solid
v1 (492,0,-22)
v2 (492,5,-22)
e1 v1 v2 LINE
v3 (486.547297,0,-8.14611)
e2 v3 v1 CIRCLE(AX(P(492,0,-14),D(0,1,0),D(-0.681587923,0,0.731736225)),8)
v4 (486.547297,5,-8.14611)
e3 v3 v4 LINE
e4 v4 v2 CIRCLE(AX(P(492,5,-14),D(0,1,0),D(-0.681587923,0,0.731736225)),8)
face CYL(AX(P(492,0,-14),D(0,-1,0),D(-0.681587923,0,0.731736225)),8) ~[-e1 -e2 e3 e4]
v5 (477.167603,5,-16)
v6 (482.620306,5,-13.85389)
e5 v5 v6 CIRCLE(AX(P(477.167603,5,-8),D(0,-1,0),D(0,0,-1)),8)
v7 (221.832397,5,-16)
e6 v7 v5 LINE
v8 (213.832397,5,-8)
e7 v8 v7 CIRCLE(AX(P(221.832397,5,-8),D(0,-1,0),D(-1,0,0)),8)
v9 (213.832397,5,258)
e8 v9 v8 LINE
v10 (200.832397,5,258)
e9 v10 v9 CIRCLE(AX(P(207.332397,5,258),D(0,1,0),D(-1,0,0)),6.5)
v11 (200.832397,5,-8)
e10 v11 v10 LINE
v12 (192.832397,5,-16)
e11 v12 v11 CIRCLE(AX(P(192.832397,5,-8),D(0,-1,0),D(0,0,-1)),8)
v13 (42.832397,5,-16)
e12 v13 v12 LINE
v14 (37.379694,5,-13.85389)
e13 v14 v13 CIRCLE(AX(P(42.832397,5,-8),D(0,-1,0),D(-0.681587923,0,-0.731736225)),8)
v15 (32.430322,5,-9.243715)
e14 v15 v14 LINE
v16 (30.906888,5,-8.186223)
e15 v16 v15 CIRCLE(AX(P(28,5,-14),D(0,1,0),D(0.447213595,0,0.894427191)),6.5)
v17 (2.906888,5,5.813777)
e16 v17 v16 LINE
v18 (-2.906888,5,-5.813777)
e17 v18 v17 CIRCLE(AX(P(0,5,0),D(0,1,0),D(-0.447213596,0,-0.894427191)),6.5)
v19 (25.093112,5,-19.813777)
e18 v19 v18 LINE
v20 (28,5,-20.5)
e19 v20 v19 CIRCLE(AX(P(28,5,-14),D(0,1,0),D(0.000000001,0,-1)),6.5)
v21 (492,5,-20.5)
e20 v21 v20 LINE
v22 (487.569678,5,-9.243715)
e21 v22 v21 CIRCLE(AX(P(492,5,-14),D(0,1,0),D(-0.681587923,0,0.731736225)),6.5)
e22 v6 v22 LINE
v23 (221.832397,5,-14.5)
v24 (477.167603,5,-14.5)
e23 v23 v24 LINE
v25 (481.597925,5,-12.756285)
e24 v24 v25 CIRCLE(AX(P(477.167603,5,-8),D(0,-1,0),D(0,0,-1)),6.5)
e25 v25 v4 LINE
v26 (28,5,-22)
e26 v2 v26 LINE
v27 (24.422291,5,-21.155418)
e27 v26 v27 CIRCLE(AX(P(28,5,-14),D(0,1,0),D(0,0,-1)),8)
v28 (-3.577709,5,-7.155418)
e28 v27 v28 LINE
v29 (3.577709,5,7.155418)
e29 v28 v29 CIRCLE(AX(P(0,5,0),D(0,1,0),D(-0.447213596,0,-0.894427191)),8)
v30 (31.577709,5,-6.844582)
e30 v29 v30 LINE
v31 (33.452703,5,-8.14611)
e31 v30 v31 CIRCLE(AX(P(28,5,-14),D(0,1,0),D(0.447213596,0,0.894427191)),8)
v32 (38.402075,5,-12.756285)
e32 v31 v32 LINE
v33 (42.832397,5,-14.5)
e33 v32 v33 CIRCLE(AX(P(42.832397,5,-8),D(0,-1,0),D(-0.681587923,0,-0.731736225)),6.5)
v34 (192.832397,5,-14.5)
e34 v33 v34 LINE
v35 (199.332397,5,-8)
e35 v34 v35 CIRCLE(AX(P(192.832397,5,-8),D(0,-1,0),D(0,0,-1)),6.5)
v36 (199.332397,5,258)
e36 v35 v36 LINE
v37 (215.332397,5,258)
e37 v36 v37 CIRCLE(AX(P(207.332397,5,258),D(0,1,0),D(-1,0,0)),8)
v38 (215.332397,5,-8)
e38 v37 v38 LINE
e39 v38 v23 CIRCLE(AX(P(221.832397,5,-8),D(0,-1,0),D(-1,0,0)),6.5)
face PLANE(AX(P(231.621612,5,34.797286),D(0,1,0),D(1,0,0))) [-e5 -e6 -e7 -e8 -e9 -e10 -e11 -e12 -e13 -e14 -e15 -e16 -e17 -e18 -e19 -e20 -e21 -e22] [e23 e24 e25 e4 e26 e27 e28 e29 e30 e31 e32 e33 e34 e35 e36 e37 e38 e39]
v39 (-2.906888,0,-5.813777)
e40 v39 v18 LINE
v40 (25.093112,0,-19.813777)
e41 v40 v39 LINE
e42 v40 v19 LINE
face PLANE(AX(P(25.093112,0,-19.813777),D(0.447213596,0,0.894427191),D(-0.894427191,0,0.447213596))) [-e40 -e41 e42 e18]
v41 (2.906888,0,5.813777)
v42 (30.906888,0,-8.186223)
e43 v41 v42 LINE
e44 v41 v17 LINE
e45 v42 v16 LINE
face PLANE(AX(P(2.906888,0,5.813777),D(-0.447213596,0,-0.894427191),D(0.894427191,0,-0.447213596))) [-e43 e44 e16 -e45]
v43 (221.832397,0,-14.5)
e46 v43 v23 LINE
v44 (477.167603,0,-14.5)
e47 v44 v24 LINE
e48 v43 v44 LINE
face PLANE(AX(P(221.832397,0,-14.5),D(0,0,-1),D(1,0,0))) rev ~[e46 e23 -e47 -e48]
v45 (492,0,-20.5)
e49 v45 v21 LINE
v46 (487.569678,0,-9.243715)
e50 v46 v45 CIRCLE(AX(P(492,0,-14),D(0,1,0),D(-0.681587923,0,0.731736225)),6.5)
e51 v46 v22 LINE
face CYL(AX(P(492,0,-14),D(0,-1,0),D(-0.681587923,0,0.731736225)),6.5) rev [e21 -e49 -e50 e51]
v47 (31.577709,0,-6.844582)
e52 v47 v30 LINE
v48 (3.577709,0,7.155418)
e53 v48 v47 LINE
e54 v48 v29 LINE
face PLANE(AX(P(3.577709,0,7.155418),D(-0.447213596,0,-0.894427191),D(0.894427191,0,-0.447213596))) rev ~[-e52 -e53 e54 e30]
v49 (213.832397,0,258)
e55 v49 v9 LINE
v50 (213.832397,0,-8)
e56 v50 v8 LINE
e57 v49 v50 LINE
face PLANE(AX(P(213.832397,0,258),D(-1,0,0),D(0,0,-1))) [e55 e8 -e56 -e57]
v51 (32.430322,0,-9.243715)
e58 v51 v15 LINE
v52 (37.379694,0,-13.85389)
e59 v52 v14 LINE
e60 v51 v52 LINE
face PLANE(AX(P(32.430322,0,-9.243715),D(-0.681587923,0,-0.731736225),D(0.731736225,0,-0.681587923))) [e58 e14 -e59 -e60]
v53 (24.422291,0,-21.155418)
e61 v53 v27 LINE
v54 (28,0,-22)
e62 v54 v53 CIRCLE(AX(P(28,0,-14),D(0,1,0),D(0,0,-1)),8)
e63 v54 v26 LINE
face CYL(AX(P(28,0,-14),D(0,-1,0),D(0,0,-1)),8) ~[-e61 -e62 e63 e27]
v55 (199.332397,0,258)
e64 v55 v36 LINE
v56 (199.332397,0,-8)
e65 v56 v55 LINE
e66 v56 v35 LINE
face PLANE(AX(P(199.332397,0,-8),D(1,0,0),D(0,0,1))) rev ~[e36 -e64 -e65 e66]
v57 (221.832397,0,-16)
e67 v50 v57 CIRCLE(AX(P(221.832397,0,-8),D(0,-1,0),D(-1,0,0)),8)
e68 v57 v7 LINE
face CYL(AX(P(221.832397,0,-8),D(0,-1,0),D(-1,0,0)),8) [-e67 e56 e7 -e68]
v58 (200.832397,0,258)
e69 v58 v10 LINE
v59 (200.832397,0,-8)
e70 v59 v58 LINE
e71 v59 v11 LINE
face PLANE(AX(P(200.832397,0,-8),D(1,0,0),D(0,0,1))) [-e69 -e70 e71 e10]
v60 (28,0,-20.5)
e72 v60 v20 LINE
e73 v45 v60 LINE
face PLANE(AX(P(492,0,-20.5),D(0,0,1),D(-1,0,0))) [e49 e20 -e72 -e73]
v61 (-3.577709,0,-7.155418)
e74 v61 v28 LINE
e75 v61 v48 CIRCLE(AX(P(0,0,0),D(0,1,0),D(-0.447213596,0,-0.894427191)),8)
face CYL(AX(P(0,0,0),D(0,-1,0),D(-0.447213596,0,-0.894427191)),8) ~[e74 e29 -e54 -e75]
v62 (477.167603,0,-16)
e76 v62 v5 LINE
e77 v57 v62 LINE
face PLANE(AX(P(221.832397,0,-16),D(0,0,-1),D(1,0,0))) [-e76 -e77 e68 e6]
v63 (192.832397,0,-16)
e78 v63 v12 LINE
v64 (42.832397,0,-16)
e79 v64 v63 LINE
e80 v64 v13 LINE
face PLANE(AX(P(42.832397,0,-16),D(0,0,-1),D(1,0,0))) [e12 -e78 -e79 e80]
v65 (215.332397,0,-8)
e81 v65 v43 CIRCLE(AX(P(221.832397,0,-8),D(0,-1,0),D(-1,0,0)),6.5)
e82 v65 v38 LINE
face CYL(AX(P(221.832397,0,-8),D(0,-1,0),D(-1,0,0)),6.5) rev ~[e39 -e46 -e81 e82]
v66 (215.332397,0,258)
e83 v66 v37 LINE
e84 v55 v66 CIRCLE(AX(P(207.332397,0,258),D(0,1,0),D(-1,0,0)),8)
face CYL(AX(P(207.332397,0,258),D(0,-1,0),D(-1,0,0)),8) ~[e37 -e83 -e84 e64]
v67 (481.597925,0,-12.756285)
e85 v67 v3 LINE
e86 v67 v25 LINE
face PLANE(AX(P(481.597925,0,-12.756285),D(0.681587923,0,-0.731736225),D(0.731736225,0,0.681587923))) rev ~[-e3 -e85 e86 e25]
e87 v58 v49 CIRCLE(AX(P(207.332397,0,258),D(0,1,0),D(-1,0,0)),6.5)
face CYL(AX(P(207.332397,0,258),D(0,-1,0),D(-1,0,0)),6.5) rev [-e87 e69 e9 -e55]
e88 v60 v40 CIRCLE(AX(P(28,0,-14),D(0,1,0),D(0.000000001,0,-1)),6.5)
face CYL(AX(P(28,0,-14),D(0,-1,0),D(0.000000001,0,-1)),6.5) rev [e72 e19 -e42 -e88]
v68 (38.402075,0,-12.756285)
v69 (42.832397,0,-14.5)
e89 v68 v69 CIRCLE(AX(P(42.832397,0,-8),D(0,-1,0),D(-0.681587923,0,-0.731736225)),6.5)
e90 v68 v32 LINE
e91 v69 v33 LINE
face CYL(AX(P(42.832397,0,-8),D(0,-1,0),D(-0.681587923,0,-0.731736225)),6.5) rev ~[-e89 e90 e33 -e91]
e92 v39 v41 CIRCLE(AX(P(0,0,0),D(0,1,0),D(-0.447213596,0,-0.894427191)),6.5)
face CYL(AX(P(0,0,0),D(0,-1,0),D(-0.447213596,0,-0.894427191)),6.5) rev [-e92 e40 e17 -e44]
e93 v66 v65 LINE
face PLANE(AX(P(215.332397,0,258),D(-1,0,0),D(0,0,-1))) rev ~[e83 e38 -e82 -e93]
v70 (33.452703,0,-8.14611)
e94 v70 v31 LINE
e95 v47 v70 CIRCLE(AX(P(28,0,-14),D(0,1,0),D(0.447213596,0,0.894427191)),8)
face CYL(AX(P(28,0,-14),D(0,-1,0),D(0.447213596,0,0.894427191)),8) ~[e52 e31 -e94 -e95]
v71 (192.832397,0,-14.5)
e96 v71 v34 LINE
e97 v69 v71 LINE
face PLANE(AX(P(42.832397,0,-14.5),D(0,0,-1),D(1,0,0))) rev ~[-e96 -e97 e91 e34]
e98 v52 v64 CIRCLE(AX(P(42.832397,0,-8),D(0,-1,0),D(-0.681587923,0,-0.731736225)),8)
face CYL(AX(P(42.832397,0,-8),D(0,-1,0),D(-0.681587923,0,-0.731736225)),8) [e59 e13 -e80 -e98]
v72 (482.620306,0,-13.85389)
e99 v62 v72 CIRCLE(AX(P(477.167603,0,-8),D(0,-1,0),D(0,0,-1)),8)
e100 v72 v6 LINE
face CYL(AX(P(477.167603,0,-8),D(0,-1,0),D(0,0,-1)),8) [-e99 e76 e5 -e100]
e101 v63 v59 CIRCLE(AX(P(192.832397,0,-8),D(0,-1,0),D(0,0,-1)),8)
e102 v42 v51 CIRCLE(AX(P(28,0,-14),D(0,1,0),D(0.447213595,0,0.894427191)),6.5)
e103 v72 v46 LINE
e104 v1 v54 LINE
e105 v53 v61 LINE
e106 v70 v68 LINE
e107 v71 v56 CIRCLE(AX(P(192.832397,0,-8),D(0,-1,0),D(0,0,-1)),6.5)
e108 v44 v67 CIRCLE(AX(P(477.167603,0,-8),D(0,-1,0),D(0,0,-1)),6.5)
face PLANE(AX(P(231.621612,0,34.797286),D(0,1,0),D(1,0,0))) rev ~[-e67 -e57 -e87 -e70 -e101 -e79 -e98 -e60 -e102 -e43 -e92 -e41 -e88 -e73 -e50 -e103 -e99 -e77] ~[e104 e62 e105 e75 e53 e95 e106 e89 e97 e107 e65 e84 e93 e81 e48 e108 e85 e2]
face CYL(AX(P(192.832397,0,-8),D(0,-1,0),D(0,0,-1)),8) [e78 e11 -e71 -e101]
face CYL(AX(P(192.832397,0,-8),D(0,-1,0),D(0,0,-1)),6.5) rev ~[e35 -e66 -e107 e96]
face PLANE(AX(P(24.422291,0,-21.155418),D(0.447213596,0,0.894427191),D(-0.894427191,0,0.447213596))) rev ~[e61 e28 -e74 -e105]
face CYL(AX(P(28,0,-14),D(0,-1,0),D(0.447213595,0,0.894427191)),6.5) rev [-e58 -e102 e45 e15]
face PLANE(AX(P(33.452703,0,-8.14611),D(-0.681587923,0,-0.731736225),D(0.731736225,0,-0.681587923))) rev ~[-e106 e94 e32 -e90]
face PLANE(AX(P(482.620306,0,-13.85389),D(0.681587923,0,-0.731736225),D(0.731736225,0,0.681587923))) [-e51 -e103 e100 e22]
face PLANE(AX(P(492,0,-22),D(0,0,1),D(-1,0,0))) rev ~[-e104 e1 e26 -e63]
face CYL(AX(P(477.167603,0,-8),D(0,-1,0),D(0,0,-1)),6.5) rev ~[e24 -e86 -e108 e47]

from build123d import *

# Parameters (mm, degrees)
BOSS_EXTRUDE1_DEPTH = 5


with BuildPart() as part:
    # Sketch2 → Boss-Extrude1 (new body)
    with BuildSketch(Plane(origin=(0, 0, 0), x_dir=(1, 0, 0), z_dir=(0, 1, 0))):
        with BuildLine():
            Line((3.577708764, -7.155417528), (31.577708764, 6.844582472))
            ThreePointArc((31.577708764, 6.844582472), (32.561861408, 7.42813417), (33.452703386, 8.1461102))
            Line((33.452703386, 8.1461102), (38.402075473, 12.756285462))
            ThreePointArc((38.402075473, 12.756285462), (40.451835644, 14.048382243), (42.832396974, 14.5))
            Line((42.832396974, 14.5), (192.832396974, 14.5))
            ThreePointArc((192.832396974, 14.5), (197.428591052, 12.596194078), (199.332396974, 8))
            Line((199.332396974, 8), (199.332396974, -258))
            ThreePointArc((199.332396974, -258), (207.332396974, -266), (215.332396974, -258))
            Line((215.332396974, -258), (215.332396974, 8))
            ThreePointArc((215.332396974, 8), (217.236202896, 12.596194078), (221.832396974, 14.5))
            Line((221.832396974, 14.5), (477.167603026, 14.5))
            ThreePointArc((477.167603026, 14.5), (479.548164356, 14.048382243), (481.597924527, 12.756285462))
            Line((481.597924527, 12.756285462), (486.547296614, 8.1461102))
            ThreePointArc((486.547296614, 8.1461102), (499.44416276, 11.070078362), (492, 22))
            Line((492, 22), (28, 22))
            ThreePointArc((28, 22), (26.161976636, 21.785991916), (24.422291236, 21.155417528))
            Line((24.422291236, 21.155417528), (-3.577708764, 7.155417528))
            ThreePointArc((-3.577708764, 7.155417528), (-7.155417528, -3.577708764), (3.577708764, -7.155417528))
        make_face()
        with BuildLine():
            Line((2.906888371, -5.813776741), (30.906888371, 8.186223259))
            ThreePointArc((30.906888371, 8.186223259), (31.706512394, 8.660359013), (32.430321501, 9.243714538))
            Line((32.430321501, 9.243714538), (37.379693588, 13.8538898))
            ThreePointArc((37.379693588, 13.8538898), (39.902475337, 15.44416276), (42.832396974, 16))
            Line((42.832396974, 16), (192.832396974, 16))
            ThreePointArc((192.832396974, 16), (198.489251224, 13.656854249), (200.832396974, 8))
            Line((200.832396974, 8), (200.832396974, -258))
            ThreePointArc((200.832396974, -258), (207.332396974, -264.5), (213.832396974, -258))
            Line((213.832396974, -258), (213.832396974, 8))
            ThreePointArc((213.832396974, 8), (216.175542725, 13.656854249), (221.832396974, 16))
            Line((221.832396974, 16), (477.167603026, 16))
            ThreePointArc((477.167603026, 16), (480.097524663, 15.44416276), (482.620306412, 13.8538898))
            Line((482.620306412, 13.8538898), (487.569678499, 9.243714538))
            ThreePointArc((487.569678499, 9.243714538), (498.048382243, 11.61943867), (492, 20.5))
            Line((492, 20.5), (28, 20.5))
            ThreePointArc((28, 20.5), (26.506606016, 20.326118432), (25.093111629, 19.813776741))
            Line((25.093111629, 19.813776741), (-2.906888371, 5.813776741))
            ThreePointArc((-2.906888371, 5.813776741), (-5.813776741, -2.906888371), (2.906888371, -5.813776741))
        make_face(mode=Mode.SUBTRACT)
    extrude(amount=BOSS_EXTRUDE1_DEPTH)


solid = part.part
